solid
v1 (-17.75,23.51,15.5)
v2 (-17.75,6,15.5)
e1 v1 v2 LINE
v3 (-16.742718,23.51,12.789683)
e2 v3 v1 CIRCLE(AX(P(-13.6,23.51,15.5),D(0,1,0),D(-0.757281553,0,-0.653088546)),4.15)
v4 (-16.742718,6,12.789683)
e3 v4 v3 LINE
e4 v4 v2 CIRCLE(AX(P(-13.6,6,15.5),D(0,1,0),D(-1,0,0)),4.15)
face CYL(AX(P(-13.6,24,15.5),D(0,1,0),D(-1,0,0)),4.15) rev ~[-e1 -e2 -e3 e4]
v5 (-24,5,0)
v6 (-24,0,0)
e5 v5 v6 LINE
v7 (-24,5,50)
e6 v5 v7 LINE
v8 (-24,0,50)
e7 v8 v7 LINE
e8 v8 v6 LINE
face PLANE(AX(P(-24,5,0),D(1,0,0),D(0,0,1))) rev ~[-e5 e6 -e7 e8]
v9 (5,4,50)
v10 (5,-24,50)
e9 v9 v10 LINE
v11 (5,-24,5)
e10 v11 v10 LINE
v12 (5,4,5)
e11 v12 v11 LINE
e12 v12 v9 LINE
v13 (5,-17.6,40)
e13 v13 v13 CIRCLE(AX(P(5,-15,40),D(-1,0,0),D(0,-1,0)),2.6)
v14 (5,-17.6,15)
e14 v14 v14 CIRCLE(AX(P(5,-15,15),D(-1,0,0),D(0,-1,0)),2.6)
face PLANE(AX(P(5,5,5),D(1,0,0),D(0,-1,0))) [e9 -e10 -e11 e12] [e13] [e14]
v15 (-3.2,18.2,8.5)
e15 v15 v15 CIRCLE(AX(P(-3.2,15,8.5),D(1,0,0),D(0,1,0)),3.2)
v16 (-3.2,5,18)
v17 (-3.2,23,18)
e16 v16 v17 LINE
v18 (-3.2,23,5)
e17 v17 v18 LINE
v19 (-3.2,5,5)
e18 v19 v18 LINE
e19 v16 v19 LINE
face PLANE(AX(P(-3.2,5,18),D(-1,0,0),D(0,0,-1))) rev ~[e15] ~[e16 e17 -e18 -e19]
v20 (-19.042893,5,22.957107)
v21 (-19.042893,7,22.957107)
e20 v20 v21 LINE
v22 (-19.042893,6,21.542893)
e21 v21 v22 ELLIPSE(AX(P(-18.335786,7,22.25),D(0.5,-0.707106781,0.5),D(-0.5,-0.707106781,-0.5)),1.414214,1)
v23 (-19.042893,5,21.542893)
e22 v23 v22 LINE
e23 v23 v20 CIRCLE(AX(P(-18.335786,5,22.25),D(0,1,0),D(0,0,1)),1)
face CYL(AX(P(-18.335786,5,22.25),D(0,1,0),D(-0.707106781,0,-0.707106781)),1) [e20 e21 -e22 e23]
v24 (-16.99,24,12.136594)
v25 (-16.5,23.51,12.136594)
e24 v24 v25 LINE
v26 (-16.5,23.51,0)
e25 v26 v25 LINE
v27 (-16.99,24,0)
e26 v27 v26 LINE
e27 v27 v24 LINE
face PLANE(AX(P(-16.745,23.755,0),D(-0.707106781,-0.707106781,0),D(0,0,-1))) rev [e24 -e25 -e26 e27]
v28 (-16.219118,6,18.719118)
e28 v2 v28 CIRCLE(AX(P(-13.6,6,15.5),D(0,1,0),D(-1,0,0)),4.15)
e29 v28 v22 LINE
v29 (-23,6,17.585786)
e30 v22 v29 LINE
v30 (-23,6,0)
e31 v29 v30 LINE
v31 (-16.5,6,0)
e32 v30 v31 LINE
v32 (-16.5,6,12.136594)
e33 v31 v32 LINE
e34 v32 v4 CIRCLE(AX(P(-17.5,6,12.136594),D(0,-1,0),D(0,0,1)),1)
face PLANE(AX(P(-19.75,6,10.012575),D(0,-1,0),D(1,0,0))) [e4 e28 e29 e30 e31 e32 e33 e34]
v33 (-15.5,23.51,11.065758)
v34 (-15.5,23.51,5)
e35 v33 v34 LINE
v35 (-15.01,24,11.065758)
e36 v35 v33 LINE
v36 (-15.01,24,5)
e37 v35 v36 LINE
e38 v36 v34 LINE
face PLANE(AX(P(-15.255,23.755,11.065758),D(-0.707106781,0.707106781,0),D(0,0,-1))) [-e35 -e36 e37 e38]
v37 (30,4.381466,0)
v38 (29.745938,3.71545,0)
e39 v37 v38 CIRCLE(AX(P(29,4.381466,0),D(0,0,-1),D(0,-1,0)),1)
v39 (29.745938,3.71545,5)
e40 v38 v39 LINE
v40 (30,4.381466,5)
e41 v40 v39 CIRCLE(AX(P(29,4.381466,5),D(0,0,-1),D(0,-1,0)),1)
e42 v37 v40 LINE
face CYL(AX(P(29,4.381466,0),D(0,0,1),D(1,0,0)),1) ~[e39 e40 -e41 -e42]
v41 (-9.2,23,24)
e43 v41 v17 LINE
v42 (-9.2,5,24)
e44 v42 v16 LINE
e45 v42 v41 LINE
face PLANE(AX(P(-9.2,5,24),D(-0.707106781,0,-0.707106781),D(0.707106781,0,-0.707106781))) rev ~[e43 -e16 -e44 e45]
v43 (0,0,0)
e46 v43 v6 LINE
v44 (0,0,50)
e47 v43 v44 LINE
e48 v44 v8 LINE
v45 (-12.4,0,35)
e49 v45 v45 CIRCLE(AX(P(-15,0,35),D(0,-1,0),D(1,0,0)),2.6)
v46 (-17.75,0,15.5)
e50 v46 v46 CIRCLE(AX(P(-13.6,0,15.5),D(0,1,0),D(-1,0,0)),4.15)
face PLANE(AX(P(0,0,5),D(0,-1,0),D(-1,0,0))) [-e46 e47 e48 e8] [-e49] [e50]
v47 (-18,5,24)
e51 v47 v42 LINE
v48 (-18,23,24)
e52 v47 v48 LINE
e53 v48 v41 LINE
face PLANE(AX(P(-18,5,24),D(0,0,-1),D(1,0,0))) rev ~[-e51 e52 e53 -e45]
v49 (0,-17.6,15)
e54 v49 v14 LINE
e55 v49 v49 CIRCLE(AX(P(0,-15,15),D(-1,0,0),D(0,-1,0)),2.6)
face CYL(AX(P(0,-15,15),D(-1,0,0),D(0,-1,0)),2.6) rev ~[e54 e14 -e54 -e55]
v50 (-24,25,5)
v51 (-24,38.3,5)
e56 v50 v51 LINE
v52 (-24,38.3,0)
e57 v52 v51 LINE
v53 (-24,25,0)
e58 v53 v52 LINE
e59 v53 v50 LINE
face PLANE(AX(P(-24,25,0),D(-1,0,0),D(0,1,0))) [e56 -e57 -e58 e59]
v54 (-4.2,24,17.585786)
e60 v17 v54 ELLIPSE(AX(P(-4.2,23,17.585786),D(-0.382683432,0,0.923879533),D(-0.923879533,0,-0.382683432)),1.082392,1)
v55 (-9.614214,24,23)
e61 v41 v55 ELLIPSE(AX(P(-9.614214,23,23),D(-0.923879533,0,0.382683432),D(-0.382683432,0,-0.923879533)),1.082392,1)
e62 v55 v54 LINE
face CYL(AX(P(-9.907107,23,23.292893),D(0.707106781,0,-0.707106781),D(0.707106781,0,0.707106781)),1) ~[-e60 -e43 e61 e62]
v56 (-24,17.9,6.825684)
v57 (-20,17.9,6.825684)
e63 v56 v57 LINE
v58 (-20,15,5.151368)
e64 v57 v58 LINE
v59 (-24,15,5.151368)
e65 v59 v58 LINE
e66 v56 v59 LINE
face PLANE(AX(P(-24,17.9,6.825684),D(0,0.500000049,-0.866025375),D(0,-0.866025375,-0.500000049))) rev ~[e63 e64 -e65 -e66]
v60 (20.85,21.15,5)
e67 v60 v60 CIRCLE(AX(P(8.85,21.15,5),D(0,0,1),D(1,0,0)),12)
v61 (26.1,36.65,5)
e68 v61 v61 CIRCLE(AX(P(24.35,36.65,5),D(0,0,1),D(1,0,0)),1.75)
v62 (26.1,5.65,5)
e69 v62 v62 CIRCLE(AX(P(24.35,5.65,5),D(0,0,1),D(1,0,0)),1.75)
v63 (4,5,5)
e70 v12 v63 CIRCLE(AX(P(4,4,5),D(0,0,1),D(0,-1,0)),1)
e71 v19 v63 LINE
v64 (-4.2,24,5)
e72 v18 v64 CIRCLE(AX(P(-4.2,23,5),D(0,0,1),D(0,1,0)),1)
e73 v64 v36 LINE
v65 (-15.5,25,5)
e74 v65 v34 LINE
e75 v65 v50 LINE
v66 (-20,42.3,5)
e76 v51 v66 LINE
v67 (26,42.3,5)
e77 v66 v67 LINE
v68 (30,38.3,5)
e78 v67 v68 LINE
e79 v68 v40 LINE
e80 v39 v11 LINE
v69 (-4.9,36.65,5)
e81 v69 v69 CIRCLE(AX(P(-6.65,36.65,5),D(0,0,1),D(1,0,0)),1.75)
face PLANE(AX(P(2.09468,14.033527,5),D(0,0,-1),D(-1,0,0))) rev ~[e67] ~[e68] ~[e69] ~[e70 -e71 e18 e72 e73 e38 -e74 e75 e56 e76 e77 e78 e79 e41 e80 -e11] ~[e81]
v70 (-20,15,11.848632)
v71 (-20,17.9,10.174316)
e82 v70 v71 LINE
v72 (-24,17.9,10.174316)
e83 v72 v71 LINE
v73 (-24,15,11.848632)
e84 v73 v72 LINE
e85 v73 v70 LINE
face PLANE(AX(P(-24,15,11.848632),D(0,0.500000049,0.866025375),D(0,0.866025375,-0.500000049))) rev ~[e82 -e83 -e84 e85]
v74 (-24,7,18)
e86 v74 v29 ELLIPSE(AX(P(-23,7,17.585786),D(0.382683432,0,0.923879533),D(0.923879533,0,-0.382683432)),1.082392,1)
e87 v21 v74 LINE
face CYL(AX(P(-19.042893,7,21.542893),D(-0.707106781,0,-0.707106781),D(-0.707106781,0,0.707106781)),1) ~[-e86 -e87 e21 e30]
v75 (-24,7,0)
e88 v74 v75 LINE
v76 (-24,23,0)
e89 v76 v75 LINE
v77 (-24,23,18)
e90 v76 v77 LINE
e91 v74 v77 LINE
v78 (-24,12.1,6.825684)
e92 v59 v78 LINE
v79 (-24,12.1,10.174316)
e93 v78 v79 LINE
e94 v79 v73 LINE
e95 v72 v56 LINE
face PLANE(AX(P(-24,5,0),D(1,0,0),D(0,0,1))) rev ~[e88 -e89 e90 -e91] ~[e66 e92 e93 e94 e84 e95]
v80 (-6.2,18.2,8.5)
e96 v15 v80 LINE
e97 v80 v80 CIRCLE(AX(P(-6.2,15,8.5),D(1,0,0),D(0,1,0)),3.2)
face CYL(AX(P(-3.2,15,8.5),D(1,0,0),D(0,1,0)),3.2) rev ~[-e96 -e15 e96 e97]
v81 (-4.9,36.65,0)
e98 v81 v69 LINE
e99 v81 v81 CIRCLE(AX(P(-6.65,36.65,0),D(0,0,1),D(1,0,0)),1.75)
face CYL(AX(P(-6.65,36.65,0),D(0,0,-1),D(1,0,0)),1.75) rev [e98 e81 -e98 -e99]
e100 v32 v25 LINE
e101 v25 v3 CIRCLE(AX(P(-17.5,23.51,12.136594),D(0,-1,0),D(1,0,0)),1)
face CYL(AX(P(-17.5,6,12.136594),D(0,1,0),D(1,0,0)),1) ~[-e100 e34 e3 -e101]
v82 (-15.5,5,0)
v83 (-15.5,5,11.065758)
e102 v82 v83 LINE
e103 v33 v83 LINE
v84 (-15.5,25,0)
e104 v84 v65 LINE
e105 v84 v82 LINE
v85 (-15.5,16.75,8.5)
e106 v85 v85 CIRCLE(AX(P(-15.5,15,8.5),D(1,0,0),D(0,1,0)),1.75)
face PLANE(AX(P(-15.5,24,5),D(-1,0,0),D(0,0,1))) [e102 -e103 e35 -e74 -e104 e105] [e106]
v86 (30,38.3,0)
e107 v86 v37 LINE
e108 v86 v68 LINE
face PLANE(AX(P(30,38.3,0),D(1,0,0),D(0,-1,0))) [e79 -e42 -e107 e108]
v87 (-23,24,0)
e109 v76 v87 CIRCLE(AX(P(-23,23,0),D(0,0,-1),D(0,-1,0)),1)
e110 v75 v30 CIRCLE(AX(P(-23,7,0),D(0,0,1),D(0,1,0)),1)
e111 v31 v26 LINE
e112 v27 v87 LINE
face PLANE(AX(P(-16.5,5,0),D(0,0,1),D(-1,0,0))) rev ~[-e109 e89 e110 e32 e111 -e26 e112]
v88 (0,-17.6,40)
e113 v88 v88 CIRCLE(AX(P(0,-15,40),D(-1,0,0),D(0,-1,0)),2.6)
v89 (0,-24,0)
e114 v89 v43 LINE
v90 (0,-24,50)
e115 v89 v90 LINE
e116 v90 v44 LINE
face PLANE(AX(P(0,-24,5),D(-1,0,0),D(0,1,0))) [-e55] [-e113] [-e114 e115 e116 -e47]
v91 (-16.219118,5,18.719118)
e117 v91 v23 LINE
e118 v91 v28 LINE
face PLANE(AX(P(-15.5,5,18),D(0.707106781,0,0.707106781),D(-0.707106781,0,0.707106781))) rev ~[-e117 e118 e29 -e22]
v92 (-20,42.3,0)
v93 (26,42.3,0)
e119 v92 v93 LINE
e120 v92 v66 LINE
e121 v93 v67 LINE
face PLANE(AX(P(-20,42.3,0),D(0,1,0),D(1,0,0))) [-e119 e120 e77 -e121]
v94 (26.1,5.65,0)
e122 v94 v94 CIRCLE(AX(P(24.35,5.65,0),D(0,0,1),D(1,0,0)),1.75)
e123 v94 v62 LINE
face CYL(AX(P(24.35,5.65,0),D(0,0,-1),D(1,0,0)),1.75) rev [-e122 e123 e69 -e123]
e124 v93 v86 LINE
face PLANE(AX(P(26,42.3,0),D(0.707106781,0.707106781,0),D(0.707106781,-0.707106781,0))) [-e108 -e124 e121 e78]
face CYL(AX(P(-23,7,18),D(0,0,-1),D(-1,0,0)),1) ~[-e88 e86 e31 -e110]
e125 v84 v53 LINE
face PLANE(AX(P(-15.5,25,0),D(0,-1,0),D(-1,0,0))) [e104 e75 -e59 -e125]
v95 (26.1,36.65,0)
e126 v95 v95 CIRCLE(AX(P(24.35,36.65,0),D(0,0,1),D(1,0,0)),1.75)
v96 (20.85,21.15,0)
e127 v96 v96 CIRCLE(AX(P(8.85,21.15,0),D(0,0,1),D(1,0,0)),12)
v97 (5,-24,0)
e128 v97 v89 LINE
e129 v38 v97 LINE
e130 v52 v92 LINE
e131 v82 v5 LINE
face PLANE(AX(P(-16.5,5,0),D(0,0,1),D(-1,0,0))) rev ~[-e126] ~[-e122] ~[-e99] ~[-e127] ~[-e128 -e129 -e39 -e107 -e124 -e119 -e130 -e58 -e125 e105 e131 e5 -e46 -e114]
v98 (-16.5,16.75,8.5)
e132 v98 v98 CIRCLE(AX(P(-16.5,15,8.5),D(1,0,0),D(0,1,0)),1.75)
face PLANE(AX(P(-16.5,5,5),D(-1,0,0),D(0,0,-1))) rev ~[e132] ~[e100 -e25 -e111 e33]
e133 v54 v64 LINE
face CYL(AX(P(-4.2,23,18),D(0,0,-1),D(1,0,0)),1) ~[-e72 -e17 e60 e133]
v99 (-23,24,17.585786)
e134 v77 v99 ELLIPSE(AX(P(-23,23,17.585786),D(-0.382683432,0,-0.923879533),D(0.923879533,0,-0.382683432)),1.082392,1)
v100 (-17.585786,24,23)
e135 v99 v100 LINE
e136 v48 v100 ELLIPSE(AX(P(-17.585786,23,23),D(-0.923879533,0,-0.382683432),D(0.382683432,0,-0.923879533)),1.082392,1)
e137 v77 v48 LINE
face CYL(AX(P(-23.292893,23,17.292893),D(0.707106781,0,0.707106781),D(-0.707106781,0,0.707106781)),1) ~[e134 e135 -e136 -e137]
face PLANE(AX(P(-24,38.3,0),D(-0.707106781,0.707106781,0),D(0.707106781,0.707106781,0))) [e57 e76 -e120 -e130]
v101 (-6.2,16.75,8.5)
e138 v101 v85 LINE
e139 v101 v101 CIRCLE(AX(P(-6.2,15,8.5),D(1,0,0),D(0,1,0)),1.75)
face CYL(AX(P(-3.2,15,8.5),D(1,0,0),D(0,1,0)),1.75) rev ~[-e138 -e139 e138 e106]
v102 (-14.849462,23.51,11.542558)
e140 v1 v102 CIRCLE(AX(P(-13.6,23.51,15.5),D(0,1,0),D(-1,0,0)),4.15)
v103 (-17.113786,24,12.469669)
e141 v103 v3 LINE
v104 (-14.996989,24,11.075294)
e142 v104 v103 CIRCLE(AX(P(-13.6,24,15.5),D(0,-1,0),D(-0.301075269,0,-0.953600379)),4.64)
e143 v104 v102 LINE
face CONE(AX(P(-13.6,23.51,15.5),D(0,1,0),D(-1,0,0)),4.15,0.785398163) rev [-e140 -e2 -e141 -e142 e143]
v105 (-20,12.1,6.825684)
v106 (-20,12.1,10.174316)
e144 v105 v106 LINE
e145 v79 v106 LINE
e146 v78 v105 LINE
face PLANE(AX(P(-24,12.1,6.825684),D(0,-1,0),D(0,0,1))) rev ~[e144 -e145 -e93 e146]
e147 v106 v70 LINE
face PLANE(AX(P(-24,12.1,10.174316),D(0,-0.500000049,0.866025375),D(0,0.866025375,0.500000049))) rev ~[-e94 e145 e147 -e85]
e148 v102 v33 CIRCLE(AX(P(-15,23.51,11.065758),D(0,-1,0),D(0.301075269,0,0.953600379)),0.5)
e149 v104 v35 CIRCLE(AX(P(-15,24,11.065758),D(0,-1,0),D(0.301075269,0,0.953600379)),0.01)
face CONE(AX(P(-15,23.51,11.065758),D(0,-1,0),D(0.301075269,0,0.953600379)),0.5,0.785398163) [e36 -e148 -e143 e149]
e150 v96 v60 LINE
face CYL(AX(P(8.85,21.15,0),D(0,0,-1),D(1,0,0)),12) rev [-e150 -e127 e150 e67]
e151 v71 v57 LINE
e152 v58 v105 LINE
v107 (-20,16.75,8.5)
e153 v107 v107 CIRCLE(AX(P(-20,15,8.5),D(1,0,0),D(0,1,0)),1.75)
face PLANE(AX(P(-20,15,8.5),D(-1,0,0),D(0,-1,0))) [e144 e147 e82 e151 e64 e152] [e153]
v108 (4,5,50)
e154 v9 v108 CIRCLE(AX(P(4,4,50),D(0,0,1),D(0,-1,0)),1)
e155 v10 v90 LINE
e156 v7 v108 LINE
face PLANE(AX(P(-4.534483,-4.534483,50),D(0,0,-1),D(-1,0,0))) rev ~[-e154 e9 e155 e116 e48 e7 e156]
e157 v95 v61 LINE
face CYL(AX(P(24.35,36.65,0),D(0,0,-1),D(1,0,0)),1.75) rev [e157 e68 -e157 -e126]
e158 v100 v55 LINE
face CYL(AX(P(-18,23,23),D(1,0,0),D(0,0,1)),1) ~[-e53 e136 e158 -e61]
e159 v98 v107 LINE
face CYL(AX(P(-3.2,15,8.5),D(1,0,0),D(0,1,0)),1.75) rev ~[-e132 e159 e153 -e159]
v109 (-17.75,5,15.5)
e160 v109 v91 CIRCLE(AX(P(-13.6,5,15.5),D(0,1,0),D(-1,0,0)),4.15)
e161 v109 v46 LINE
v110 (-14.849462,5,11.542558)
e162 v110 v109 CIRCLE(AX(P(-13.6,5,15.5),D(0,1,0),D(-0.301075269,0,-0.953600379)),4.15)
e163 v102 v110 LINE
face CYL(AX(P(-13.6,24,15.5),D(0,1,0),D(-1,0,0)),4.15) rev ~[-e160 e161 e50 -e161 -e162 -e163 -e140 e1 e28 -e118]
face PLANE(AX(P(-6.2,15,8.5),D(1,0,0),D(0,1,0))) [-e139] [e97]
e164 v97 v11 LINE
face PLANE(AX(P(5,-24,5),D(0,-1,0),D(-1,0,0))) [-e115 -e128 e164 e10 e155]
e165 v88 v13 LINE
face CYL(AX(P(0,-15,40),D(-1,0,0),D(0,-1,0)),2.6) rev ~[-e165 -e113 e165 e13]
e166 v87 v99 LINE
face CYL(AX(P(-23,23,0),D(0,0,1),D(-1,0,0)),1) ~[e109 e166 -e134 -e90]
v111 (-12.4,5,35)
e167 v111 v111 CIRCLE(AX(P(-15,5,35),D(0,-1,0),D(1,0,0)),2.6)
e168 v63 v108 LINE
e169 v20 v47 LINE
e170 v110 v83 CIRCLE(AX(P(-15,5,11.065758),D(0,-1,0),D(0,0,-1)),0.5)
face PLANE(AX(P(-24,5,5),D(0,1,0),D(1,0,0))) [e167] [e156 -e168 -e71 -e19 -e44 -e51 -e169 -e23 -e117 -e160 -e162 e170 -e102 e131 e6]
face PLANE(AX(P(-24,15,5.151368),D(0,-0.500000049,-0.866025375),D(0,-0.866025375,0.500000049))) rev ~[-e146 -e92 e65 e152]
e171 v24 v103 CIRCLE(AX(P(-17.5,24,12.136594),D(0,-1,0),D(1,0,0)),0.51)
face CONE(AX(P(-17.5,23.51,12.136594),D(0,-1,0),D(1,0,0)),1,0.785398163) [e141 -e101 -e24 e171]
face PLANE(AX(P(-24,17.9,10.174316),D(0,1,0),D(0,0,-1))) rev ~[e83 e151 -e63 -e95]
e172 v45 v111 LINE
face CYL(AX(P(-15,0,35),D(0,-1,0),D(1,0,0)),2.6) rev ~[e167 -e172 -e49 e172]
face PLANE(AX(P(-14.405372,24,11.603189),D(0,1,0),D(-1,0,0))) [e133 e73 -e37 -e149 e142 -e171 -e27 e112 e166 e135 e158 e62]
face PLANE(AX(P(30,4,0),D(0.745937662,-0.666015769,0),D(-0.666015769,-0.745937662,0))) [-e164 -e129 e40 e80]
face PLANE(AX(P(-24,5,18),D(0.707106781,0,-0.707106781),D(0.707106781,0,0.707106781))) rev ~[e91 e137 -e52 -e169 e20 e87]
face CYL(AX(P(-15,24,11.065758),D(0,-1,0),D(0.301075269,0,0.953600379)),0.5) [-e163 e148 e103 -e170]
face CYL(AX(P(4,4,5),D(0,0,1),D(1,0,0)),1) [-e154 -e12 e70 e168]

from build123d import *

# Parameters (mm, degrees)
SKETCH_R        = 12
SKETCH_R_2      = 1.75
PAD_DEPTH       = 5
PAD001_DEPTH    = 45
PAD002_DEPTH    = 19
POCKET_DEPTH    = 1
SKETCH004_R     = 4.15
POCKET001_DEPTH = 48.001
SKETCH005_R     = 2.6
POCKET002_DEPTH = 42.301
SKETCH006_R     = 2.6
POCKET003_DEPTH = 5
SKETCH008_R     = 1.75
POCKET004_DEPTH = 20.801
SKETCH009_R     = 3.2
POCKET005_DEPTH = 3
POCKET006_DEPTH = 4
SKETCH011_W     = 1
SKETCH011_H     = 8
POCKET007_DEPTH = 18.99
FILLET_R        = 1
FILLET001_R     = 0.5
CHAMFER_SIZE    = 0.49


with BuildPart() as part:
    # Sketch → Pad (new body)
    with BuildSketch(Plane.XY):
        Polygon((0, 0), (-24, 0), (-24, 5), (-15.5, 5), (-15.5, 25), (-24, 25), (-24, 38.3), (-20, 42.3), (26, 42.3), (30, 38.3), (30, 4), (5, -24), (0, -24), align=None)
        with Locations((8.85, 21.15)):
            Circle(SKETCH_R, mode=Mode.SUBTRACT)
        with Locations((-6.65, 36.65)):
            Circle(SKETCH_R_2, mode=Mode.SUBTRACT)
        with Locations((24.35, 36.65)):
            Circle(SKETCH_R_2, mode=Mode.SUBTRACT)
        with Locations((24.35, 5.65)):
            Circle(SKETCH_R_2, mode=Mode.SUBTRACT)
    extrude(amount=PAD_DEPTH)

    # Sketch001 (on Face19 of Pad) → Pad001 (join)
    with BuildSketch(Plane.XY.offset(5)):
        Polygon((0, 0), (-24, 0), (-24, 5), (5, 5), (5, -24), (0, -24), align=None)
    extrude(amount=PAD001_DEPTH)

    # Sketch002 (on Face21 of Pad001) → Pad002 (join)
    with BuildSketch(Plane(origin=(0, 5, 0), x_dir=(-1, 0, 0), z_dir=(0, 1, 0))):
        Polygon((24, 0), (24, 18), (18, 24), (9.2, 24), (3.2, 18), (3.2, 5), (16.5, 5), (16.5, 0), align=None)
    extrude(amount=PAD002_DEPTH)

    # Sketch003 (on Face30 of Pad002) → Pocket (cut)
    with BuildSketch(Plane(origin=(0, 5, 0), x_dir=(-1, 0, 0), z_dir=(0, 1, 0))):
        Polygon((15.5, 0), (15.5, 18), (19.75, 22.25), (24, 18), (24, 0), align=None)
    extrude(amount=POCKET_DEPTH, mode=Mode.SUBTRACT)

    # Sketch004 (on Face37 of Pocket) → Pocket001 (cut, through all)
    with BuildSketch(Plane(origin=(0, 24, 0), x_dir=(-1, 0, 0), z_dir=(0, 1, 0))):
        with Locations((13.6, 15.5)):
            Circle(SKETCH004_R)
    extrude(amount=-POCKET001_DEPTH, mode=Mode.SUBTRACT)

    # Sketch005 (on Face4 of Pocket001) → Pocket002 (cut, through all)
    with BuildSketch(Plane.XZ):
        with Locations((-15, 35)):
            Circle(SKETCH005_R)
    extrude(amount=-POCKET002_DEPTH, mode=Mode.SUBTRACT)

    # Sketch006 (on Face7 of Pocket002) → Pocket003 (cut)
    with BuildSketch(Plane(origin=(0, 0, 0), x_dir=(0, -1, 0), z_dir=(-1, 0, 0))):
        with Locations((15, 40)):
            Circle(SKETCH006_R)
        with Locations((15, 15)):
            Circle(SKETCH006_R)
    extrude(amount=-POCKET003_DEPTH, mode=Mode.SUBTRACT)

    # Sketch008 (on Face41 of Pocket003) → Pocket004 (cut, through all)
    with BuildSketch(Plane.YZ.offset(-3.2)):
        with Locations((15, 8.5)):
            Circle(SKETCH008_R)
    extrude(amount=-POCKET004_DEPTH, mode=Mode.SUBTRACT)

    # Sketch009 (on Face41 of Pocket004) → Pocket005 (cut)
    with BuildSketch(Plane.YZ.offset(-3.2)):
        with Locations((15, 8.5)):
            Circle(SKETCH009_R)
    extrude(amount=-POCKET005_DEPTH, mode=Mode.SUBTRACT)

    # Sketch010 (on Face43 of Pocket005) → Pocket006 (cut)
    with BuildSketch(Plane(origin=(-24, 0, 0), x_dir=(0, -1, 0), z_dir=(-1, 0, 0))):
        Polygon((-12.1, 6.825684), (-12.1, 10.174316), (-15, 11.848632), (-17.9, 10.174316), (-17.9, 6.825684), (-15, 5.151368), align=None)
    extrude(amount=-POCKET006_DEPTH, mode=Mode.SUBTRACT)

    # Sketch011 (on Face36 of Pocket006) → Pocket007 (cut)
    with BuildSketch(Plane(origin=(0, 24, 0), x_dir=(-1, 0, 0), z_dir=(0, 1, 0))):
        with Locations((16, 9)):
            Rectangle(SKETCH011_W, SKETCH011_H)
    extrude(amount=-POCKET007_DEPTH, mode=Mode.SUBTRACT)

    # Fillet
    fillet_edges = [part.edges().sort_by_distance(p)[0] for p in [
        (5, 5, 27.5),
        (-3.2, 24, 11.5),
        (-6.2, 24, 21),
        (-13.6, 24, 24),
        (-21, 24, 21),
        (-24, 24, 9),
        (30, 4, 2.5),
        (-24, 6, 9),
        (-21.875, 6, 20.125),
        (-19.75, 5.5, 22.25),
        (-16.5, 15, 12.531414),
    ]]
    fillet(fillet_edges, radius=FILLET_R)

    # Fillet001
    fillet001_edges = [part.edges().sort_by_distance(p)[0] for p in [
        (-15.5, 15, 11.810488),
    ]]
    fillet(fillet001_edges, radius=FILLET001_R)

    # Chamfer
    chamfer_edges = [part.edges().sort_by_distance(p)[0] for p in [
        (-10.25278, 24, 17.953287),
    ]]
    chamfer(chamfer_edges, length=CHAMFER_SIZE)


solid = part.part
